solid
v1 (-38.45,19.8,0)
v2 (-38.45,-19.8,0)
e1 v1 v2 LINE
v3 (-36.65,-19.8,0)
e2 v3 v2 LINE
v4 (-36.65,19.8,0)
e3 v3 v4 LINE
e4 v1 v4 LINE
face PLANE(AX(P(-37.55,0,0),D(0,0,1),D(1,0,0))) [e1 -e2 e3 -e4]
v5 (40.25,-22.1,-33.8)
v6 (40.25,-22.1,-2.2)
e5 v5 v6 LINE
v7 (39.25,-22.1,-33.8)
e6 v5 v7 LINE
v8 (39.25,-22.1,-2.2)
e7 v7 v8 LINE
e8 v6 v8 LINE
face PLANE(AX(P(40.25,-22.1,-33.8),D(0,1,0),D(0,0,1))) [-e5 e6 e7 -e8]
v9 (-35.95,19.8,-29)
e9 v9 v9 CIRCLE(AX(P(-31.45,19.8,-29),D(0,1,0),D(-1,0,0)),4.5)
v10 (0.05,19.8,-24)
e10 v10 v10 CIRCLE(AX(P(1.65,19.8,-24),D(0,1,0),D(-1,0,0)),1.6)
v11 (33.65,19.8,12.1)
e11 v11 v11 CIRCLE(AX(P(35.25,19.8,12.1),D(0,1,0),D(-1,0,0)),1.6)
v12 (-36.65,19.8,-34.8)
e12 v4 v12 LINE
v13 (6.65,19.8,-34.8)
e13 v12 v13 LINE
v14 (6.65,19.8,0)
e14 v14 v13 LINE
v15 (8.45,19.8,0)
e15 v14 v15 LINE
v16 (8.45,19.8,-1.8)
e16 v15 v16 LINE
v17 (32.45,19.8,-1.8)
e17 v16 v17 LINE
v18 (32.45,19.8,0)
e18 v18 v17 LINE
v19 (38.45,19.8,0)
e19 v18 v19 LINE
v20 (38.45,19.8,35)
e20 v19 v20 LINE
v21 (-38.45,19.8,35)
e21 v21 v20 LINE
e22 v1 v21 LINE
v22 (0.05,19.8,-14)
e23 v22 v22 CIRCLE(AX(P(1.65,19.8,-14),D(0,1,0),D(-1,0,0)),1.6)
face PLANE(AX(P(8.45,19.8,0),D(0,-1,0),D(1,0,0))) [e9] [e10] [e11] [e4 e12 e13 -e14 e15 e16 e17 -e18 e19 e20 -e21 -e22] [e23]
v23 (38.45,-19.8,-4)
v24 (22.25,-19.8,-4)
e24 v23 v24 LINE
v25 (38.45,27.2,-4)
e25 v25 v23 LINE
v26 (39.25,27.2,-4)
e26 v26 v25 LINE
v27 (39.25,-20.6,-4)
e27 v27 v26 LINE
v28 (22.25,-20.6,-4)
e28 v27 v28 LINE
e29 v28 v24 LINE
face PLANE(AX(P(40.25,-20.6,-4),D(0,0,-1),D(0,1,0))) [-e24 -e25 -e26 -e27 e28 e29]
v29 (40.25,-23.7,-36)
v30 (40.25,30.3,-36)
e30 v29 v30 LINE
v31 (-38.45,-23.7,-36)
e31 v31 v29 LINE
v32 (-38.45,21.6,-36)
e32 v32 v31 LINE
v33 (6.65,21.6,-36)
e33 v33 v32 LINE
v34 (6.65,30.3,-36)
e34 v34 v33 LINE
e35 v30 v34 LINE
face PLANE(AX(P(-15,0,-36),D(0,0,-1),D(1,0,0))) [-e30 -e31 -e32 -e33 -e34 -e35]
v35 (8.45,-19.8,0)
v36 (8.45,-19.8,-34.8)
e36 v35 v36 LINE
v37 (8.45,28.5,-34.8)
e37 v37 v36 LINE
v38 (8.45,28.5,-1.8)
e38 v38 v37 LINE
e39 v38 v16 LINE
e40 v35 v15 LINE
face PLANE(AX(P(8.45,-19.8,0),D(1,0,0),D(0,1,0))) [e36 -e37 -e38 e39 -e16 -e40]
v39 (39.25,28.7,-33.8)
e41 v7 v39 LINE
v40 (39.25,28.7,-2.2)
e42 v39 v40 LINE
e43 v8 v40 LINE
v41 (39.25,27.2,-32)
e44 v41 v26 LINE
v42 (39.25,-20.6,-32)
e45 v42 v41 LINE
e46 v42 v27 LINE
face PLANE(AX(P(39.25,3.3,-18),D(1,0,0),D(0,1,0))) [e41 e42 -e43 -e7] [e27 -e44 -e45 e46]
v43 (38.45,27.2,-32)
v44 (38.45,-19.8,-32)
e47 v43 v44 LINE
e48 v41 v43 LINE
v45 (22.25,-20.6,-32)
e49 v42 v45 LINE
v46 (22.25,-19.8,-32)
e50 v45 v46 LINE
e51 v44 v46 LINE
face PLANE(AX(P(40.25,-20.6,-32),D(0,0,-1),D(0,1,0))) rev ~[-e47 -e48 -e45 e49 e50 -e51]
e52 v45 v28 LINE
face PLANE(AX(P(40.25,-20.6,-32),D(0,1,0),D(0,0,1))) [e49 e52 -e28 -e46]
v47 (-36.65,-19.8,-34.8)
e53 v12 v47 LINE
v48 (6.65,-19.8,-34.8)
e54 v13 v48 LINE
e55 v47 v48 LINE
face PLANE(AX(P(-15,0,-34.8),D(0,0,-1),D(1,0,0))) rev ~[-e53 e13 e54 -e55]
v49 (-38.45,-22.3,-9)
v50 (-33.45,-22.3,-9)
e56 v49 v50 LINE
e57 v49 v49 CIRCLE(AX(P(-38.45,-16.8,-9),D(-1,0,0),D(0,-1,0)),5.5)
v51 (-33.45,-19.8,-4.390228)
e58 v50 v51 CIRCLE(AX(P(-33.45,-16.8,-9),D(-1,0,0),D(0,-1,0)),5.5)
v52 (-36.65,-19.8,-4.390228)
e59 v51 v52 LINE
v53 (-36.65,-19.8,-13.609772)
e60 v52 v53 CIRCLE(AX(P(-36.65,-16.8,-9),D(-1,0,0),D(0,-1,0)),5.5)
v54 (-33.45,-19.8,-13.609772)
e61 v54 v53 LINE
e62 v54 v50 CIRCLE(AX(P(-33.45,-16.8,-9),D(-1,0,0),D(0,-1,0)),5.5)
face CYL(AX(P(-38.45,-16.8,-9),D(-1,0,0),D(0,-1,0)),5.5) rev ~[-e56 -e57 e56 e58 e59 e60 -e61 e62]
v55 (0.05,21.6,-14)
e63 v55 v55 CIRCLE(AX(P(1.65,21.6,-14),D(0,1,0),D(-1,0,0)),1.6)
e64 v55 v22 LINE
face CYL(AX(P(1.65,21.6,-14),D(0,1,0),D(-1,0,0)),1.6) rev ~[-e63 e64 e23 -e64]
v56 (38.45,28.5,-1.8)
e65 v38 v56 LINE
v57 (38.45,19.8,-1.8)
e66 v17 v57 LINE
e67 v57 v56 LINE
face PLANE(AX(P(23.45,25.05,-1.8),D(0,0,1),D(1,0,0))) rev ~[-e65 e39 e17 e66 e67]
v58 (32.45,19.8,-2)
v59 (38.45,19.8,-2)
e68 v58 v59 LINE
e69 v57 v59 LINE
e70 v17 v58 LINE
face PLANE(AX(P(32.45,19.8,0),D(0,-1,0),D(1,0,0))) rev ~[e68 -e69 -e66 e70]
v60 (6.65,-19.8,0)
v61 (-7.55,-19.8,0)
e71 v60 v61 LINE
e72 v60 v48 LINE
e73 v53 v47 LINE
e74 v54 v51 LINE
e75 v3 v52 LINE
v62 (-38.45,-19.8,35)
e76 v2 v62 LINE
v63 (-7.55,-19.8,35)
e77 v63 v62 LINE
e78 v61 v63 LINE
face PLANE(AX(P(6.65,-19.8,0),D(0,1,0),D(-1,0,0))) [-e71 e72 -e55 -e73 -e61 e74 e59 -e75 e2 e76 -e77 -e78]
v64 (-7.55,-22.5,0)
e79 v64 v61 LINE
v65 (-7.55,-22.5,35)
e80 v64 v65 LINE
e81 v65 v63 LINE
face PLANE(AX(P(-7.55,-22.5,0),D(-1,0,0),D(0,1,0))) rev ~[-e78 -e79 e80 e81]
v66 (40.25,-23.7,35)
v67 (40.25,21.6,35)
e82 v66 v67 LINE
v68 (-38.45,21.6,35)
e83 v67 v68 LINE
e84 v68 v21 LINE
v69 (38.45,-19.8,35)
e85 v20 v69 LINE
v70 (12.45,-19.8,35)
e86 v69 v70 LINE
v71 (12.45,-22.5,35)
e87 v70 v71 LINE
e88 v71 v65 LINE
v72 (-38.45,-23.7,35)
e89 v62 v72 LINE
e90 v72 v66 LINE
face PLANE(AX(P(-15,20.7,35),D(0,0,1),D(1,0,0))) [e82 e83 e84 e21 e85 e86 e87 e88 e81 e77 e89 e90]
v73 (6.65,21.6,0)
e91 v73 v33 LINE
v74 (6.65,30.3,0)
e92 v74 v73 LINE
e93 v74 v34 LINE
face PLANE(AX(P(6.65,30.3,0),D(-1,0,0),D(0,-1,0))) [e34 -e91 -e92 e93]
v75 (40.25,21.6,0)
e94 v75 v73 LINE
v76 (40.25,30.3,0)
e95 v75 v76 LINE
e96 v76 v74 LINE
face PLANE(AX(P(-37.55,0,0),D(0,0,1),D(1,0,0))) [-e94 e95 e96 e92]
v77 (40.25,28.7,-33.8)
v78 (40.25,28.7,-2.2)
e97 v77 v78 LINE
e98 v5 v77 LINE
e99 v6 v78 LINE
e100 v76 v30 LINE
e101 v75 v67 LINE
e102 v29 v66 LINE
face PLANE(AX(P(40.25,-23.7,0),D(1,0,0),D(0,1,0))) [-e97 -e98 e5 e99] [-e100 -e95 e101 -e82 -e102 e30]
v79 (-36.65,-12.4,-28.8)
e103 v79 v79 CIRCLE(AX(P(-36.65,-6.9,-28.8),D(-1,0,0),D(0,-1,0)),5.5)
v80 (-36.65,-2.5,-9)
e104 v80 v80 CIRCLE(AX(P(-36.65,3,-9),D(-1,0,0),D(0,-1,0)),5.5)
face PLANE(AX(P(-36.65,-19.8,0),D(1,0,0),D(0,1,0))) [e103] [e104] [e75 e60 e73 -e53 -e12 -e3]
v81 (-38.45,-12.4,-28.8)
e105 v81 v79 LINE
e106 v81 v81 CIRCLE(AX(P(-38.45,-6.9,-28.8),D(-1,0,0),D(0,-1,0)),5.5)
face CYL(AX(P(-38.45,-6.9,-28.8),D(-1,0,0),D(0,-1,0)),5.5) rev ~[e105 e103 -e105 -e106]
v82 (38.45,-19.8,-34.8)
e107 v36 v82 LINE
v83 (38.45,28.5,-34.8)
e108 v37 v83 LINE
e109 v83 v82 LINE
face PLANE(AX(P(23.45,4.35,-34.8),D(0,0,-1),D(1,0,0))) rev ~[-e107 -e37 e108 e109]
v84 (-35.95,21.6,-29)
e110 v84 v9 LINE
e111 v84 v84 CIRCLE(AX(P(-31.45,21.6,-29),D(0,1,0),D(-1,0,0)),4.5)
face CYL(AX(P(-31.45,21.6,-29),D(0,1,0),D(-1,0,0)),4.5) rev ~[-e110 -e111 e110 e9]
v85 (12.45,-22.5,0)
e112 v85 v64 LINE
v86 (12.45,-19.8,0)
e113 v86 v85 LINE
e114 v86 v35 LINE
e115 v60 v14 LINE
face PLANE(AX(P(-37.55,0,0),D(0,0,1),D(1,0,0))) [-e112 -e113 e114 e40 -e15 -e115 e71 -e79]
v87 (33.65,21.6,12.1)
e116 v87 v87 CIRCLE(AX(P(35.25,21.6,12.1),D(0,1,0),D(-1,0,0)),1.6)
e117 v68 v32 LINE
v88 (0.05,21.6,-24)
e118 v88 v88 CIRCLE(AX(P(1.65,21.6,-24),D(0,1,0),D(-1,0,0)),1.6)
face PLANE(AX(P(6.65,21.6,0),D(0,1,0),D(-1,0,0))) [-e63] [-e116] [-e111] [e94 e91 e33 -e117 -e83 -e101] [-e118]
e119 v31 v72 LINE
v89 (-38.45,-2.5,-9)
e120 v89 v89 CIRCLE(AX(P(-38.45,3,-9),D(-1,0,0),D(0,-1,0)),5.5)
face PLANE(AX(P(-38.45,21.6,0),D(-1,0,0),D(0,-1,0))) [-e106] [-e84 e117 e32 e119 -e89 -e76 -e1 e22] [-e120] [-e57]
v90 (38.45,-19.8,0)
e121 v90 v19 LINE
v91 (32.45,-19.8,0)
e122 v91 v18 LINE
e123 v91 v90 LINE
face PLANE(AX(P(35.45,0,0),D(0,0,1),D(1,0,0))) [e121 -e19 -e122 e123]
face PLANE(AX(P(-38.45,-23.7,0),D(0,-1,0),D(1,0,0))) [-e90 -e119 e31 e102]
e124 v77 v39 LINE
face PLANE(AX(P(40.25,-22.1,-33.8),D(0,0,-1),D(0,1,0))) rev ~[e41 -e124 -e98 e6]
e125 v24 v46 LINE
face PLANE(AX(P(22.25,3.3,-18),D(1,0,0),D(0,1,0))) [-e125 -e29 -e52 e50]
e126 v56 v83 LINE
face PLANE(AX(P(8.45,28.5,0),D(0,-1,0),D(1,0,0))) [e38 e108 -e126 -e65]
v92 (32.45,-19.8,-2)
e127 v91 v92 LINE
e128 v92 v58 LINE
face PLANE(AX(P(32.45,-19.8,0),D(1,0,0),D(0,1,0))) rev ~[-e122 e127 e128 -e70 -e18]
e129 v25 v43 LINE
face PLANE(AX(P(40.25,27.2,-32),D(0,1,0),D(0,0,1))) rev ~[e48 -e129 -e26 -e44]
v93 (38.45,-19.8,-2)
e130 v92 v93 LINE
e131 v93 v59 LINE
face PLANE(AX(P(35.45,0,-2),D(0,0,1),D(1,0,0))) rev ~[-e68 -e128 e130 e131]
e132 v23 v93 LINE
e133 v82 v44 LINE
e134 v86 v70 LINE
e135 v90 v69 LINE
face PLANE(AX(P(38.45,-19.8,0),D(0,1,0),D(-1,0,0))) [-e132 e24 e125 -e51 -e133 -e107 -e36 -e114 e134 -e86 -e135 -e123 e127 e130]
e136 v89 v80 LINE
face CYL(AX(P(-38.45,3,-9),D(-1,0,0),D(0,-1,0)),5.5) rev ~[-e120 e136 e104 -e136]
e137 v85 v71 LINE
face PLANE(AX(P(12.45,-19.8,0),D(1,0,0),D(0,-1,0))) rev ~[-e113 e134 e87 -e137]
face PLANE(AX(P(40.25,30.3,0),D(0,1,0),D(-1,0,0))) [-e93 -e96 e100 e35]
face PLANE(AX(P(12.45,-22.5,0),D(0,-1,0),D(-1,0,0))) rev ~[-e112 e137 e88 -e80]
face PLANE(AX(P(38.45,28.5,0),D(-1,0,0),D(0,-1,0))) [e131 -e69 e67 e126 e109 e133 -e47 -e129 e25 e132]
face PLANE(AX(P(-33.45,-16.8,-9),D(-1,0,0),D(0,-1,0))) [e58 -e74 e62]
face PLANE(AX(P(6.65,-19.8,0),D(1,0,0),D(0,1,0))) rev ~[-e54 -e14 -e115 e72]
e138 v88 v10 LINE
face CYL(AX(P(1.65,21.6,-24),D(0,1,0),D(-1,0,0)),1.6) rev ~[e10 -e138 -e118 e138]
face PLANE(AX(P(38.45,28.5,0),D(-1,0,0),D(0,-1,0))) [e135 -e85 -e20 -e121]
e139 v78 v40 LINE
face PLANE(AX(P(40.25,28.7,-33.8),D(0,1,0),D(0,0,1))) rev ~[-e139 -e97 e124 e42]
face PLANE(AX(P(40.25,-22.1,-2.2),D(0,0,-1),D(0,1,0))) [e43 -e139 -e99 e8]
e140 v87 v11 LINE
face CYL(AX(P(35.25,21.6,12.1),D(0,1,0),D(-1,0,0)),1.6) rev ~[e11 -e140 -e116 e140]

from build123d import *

# Parameters (mm, degrees)
F1_DEPTH  = 35
F0_W      = 1.8
F0_H      = 39.6
F2_DEPTH  = 36
F0_W_2    = 30
F0_H_2    = 6.9
F3_DEPTH  = 1.8
F4_W      = 47.8
F4_H      = 28
F5_DEPTH  = 18
F4_W_2    = 50.8
F4_H_2    = 31.6
F6_DEPTH  = 1
F7_W      = 43.3
F7_H      = 39.6
F7_W_2    = 30
F7_H_2    = 48.3
F8_DEPTH  = 1.2
F0_W_3    = 6
F9_DEPTH  = 2
F10_R     = 1.6
F11_DEPTH = 2
F12_R     = 5.5
F13_DEPTH = 5
F10_R_2   = 4.5
F14_DEPTH = 2


with BuildPart() as f1:
    # F0 (on Top) → F1 (new body)
    with BuildSketch(Plane.XY):
        Polygon((-38.45, 21.6), (-38.45, 19.8), (-36.65, 19.8), (6.65, 19.8), (8.45, 19.8), (8.45, 21.6), (6.65, 21.6), align=None)
        Polygon((8.45, 21.6), (8.45, 19.8), (32.45, 19.8), (38.45, 19.8), (38.45, 21.6), align=None)
        Polygon((-36.65, -19.8), (-38.45, -19.8), (-38.45, -23.7), (40.25, -23.7), (40.25, 21.6), (38.45, 21.6), (38.45, 19.8), (38.45, -19.8), (32.45, -19.8), (12.45, -19.8), (12.45, -22.5), (-7.55, -22.5), (-7.55, -19.8), align=None)
    extrude(amount=F1_DEPTH)

    # F0 (on Top) → F2 (join)
    with BuildSketch(Plane.XY):
        with Locations((-37.55, 0)):
            Rectangle(F0_W, F0_H)
        Polygon((-38.45, 21.6), (-38.45, 19.8), (-36.65, 19.8), (6.65, 19.8), (8.45, 19.8), (8.45, 21.6), (6.65, 21.6), align=None)
        Polygon((6.65, 30.3), (6.65, 21.6), (8.45, 21.6), (8.45, 28.5), (38.45, 28.5), (38.45, 21.6), (40.25, 21.6), (40.25, 30.3), align=None)
        Polygon((-36.65, -19.8), (-38.45, -19.8), (-38.45, -23.7), (40.25, -23.7), (40.25, 21.6), (38.45, 21.6), (38.45, 19.8), (38.45, -19.8), (32.45, -19.8), (12.45, -19.8), (12.45, -22.5), (-7.55, -22.5), (-7.55, -19.8), align=None)
        Polygon((8.45, -19.8), (6.65, -19.8), (-7.55, -19.8), (-7.55, -22.5), (12.45, -22.5), (12.45, -19.8), align=None)
        with Locations((7.55, 0)):
            Rectangle(F0_W, F0_H)
    extrude(amount=-F2_DEPTH)

    # F0 (on Top) → F3 (join)
    with BuildSketch(Plane.XY):
        with Locations((23.45, 25.05)):
            Rectangle(F0_W_2, F0_H_2)
        Polygon((8.45, 21.6), (8.45, 19.8), (32.45, 19.8), (38.45, 19.8), (38.45, 21.6), align=None)
    extrude(amount=-F3_DEPTH)

    # F4 (on face) → F5 (cut)
    with BuildSketch(Plane.YZ.offset(40.25)):
        with Locations((3.3, -18)):
            Rectangle(F4_W, F4_H)
    extrude(amount=-F5_DEPTH, mode=Mode.SUBTRACT)

    # F4 (on face) → F6 (cut)
    with BuildSketch(Plane.YZ.offset(40.25)):
        with Locations((3.3, -18)):
            Rectangle(F4_W_2, F4_H_2)
        with Locations((3.3, -18)):
            Rectangle(F4_W, F4_H, mode=Mode.SUBTRACT)
    extrude(amount=-F6_DEPTH, mode=Mode.SUBTRACT)

    # F7 (on face) → F8 (join)
    with BuildSketch(Plane(origin=(0, 0, -36), x_dir=(1, 0, 0), z_dir=(0, 0, -1))):
        with Locations((-15, 0)):
            Rectangle(F7_W, F7_H)
        with Locations((23.45, -4.35)):
            Rectangle(F7_W_2, F7_H_2)
    extrude(amount=-F8_DEPTH)

    # F0 (on Top) → F9 (join)
    with BuildSketch(Plane.XY):
        with Locations((35.45, 0)):
            Rectangle(F0_W_3, F0_H)
    extrude(amount=-F9_DEPTH)

    # F10 (on face) → F11 (cut)
    with BuildSketch(Plane(origin=(0, 21.6, 0), x_dir=(-1, 0, 0), z_dir=(0, 1, 0))):
        with Locations((-35.25, 12.1)):
            Circle(F10_R)
    extrude(amount=-F11_DEPTH, mode=Mode.SUBTRACT)

    # F12 (on face) → F13 (cut)
    with BuildSketch(Plane(origin=(-38.45, 0, 0), x_dir=(0, -1, 0), z_dir=(-1, 0, 0))):
        with Locations((-3, -9)):
            Circle(F12_R)
        with Locations((16.8, -9)):
            Circle(F12_R)
        with Locations((6.9, -28.8)):
            Circle(F12_R)
    extrude(amount=-F13_DEPTH, mode=Mode.SUBTRACT)

    # F10 (on face) → F14 (cut)
    with BuildSketch(Plane(origin=(0, 21.6, 0), x_dir=(-1, 0, 0), z_dir=(0, 1, 0))):
        with Locations((-1.65, -14)):
            Circle(F10_R)
        with Locations((-1.65, -24)):
            Circle(F10_R)
        with Locations((31.45, -29)):
            Circle(F10_R_2)
    extrude(amount=-F14_DEPTH, mode=Mode.SUBTRACT)


solid = f1.part
